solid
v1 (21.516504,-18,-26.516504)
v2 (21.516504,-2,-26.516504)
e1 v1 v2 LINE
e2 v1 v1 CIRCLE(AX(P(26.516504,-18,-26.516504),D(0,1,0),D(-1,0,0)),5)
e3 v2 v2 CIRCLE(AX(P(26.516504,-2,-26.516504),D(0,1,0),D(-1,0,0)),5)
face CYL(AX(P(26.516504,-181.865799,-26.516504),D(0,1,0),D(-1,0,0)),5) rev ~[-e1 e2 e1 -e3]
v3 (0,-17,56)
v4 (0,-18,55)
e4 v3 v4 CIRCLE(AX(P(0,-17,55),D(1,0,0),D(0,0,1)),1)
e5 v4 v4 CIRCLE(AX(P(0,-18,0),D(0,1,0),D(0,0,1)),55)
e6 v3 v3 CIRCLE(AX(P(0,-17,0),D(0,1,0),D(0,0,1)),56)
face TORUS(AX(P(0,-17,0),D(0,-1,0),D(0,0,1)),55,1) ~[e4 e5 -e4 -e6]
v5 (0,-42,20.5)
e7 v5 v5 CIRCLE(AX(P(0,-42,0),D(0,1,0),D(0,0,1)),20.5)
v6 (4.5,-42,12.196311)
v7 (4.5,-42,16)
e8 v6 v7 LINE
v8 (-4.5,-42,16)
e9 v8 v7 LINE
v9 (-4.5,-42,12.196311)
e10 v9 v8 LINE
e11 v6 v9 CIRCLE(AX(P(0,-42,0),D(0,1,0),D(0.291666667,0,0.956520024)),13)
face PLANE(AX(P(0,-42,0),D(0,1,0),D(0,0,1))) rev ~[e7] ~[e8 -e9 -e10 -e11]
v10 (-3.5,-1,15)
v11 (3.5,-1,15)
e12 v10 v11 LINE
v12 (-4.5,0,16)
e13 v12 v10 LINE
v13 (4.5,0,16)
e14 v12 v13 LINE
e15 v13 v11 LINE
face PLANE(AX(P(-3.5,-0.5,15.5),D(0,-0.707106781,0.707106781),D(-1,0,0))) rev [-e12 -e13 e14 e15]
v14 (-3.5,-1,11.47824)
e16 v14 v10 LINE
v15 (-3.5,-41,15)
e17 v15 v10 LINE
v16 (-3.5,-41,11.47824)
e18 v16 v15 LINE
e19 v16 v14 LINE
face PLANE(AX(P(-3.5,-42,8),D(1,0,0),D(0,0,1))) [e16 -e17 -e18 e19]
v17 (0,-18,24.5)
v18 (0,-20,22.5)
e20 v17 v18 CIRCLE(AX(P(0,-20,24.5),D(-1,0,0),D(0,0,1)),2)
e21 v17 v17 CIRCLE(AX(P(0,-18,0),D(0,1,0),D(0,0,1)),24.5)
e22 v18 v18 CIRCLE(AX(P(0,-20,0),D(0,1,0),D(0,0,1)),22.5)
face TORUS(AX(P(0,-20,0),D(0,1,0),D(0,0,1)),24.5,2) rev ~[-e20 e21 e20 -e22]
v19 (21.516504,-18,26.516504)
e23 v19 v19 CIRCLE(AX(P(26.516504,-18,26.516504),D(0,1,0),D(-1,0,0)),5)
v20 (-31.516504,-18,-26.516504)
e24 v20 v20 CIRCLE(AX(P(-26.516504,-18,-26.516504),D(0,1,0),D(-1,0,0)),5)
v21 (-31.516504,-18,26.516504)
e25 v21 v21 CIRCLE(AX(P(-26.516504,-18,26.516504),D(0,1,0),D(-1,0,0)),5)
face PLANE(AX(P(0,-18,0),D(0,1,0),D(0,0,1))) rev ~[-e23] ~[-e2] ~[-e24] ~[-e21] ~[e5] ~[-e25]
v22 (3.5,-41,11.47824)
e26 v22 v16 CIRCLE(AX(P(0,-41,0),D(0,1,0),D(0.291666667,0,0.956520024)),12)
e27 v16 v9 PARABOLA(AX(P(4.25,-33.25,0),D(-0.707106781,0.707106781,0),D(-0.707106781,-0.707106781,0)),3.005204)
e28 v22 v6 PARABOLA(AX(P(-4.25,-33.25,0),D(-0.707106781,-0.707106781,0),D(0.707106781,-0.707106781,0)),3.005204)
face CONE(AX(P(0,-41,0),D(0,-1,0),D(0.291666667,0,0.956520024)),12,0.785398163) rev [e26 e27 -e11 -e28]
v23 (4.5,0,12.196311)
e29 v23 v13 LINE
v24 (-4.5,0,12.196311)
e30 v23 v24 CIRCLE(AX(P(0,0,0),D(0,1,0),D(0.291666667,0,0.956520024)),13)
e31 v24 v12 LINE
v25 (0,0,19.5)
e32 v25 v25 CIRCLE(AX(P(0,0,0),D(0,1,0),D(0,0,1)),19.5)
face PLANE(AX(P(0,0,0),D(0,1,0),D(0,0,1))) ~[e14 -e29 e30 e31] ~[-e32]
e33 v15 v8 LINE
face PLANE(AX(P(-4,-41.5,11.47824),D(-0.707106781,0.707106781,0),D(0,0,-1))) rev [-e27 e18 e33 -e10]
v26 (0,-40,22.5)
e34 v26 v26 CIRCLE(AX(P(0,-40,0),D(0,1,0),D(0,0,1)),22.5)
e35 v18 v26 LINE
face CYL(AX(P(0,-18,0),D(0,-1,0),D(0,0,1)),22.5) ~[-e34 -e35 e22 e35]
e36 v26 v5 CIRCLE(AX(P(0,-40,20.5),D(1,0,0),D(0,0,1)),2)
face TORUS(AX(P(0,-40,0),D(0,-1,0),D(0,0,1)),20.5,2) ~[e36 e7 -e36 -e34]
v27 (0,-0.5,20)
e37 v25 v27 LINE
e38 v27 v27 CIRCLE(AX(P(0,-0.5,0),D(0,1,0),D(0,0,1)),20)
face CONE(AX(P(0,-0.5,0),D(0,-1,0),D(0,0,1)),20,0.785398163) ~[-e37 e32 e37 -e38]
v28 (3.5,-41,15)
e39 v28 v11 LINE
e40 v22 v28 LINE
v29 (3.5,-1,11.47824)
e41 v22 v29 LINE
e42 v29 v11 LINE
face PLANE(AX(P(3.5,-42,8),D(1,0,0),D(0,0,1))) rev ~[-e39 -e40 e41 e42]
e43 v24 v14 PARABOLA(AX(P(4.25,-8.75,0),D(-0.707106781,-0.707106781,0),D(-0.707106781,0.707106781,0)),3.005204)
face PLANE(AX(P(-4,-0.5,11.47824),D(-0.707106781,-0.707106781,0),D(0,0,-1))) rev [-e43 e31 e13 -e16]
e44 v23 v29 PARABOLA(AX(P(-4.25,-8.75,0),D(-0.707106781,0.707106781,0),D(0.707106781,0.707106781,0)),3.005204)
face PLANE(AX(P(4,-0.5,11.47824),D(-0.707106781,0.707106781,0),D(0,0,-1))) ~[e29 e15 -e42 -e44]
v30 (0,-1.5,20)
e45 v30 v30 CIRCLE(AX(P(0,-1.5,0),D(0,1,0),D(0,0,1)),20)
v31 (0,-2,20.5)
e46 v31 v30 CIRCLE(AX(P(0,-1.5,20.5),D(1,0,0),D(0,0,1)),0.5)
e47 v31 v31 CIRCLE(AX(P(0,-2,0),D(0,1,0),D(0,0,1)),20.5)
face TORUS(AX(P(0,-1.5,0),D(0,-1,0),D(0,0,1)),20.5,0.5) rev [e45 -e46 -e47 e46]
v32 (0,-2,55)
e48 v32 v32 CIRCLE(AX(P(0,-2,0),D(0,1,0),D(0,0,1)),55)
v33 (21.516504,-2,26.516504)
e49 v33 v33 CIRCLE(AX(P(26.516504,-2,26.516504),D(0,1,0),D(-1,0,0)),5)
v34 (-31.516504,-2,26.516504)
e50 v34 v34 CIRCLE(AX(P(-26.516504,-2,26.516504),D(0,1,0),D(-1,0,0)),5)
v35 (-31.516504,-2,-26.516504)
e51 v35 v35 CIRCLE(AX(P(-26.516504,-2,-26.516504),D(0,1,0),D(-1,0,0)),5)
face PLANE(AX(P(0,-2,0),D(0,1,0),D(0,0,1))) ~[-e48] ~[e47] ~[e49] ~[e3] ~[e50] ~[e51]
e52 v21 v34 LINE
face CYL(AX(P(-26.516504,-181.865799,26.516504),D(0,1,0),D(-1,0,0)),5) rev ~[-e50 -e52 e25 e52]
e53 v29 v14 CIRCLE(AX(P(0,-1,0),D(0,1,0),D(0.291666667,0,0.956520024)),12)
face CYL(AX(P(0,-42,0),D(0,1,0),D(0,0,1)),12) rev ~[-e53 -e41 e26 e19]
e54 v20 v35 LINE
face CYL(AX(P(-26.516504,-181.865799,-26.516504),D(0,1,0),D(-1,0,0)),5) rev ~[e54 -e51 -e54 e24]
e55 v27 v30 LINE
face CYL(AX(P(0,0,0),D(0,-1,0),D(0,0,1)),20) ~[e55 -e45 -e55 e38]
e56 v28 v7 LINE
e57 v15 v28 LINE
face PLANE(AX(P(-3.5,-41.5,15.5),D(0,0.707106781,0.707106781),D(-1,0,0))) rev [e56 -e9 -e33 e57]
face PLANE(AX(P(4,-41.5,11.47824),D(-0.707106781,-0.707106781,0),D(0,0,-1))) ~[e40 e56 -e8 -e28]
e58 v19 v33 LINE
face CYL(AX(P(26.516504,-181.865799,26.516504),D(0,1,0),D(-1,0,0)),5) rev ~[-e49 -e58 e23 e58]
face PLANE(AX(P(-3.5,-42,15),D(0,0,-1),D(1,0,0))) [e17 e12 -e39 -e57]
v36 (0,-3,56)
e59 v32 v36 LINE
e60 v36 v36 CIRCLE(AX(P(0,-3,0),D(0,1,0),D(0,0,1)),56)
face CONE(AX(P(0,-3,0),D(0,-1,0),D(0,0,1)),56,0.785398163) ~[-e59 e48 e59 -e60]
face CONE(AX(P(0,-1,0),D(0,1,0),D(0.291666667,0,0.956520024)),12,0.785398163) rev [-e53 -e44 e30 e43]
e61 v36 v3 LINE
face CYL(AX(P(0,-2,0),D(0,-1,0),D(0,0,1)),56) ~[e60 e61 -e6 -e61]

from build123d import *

# Parameters (mm, degrees)
F2_W     = 7
F2_H     = 7
F3_DEPTH = 42.001
F5_D     = 10
F6_SIZE  = 1
F7_SIZE  = 0.5
F8_SIZE  = 1
F9_R     = 1
F10_R    = 2
F11_R    = 0.5


with BuildPart() as f1:
    # F0 (on Right) → F1 (revolve)
    with BuildSketch(Plane.YZ):
        Polygon((0, 12), (0, 20), (-2, 20), (-2, 56), (-18, 56), (-18, 22.5), (-42, 22.5), (-42, 12), align=None)
    revolve(axis=Axis((0, -17.673691, 0), (0, 1, 0)))

    # F2 (on face) → F3 (cut, through all)
    with BuildSketch(Plane.XZ.offset(42)):
        with Locations((0, 11.5)):
            Rectangle(F2_W, F2_H)
    extrude(amount=-F3_DEPTH, mode=Mode.SUBTRACT)

    # F5 (through all)
    with Locations(Plane.XZ.offset(18)):
        with Locations((26.516504, 26.516504), (26.516504, -26.516504), (-26.516504, 26.516504), (-26.516504, -26.516504)):
            Hole(F5_D / 2)

    # F6
    f6_edges = [f1.edges().sort_by_distance(p)[0] for p in [
        (3.5, -42, 13.23912),
        (3.5, 0, 13.23912),
        (-3.5, 0, 13.23912),
        (0, 0, 15),
        (0, 0, -12),
        (0, -42, -12),
        (-3.5, -42, 13.23912),
        (0, -42, 15),
    ]]
    chamfer(f6_edges, length=F6_SIZE)

    # F7
    f7_edges = [f1.edges().sort_by_distance(p)[0] for p in [
        (0, 0, -20),
    ]]
    chamfer(f7_edges, length=F7_SIZE)

    # F8
    f8_edges = [f1.edges().sort_by_distance(p)[0] for p in [
        (0, -2, -56),
    ]]
    chamfer(f8_edges, length=F8_SIZE)

    # F9
    f9_edges = [f1.edges().sort_by_distance(p)[0] for p in [
        (0, -18, -56),
    ]]
    fillet(f9_edges, radius=F9_R)

    # F10
    f10_edges = [f1.edges().sort_by_distance(p)[0] for p in [
        (0, -18, -22.5),
        (0, -42, -22.5),
    ]]
    fillet(f10_edges, radius=F10_R)

    # F11
    f11_edges = [f1.edges().sort_by_distance(p)[0] for p in [
        (0, -2, -20),
    ]]
    fillet(f11_edges, radius=F11_R)


solid = f1.part
